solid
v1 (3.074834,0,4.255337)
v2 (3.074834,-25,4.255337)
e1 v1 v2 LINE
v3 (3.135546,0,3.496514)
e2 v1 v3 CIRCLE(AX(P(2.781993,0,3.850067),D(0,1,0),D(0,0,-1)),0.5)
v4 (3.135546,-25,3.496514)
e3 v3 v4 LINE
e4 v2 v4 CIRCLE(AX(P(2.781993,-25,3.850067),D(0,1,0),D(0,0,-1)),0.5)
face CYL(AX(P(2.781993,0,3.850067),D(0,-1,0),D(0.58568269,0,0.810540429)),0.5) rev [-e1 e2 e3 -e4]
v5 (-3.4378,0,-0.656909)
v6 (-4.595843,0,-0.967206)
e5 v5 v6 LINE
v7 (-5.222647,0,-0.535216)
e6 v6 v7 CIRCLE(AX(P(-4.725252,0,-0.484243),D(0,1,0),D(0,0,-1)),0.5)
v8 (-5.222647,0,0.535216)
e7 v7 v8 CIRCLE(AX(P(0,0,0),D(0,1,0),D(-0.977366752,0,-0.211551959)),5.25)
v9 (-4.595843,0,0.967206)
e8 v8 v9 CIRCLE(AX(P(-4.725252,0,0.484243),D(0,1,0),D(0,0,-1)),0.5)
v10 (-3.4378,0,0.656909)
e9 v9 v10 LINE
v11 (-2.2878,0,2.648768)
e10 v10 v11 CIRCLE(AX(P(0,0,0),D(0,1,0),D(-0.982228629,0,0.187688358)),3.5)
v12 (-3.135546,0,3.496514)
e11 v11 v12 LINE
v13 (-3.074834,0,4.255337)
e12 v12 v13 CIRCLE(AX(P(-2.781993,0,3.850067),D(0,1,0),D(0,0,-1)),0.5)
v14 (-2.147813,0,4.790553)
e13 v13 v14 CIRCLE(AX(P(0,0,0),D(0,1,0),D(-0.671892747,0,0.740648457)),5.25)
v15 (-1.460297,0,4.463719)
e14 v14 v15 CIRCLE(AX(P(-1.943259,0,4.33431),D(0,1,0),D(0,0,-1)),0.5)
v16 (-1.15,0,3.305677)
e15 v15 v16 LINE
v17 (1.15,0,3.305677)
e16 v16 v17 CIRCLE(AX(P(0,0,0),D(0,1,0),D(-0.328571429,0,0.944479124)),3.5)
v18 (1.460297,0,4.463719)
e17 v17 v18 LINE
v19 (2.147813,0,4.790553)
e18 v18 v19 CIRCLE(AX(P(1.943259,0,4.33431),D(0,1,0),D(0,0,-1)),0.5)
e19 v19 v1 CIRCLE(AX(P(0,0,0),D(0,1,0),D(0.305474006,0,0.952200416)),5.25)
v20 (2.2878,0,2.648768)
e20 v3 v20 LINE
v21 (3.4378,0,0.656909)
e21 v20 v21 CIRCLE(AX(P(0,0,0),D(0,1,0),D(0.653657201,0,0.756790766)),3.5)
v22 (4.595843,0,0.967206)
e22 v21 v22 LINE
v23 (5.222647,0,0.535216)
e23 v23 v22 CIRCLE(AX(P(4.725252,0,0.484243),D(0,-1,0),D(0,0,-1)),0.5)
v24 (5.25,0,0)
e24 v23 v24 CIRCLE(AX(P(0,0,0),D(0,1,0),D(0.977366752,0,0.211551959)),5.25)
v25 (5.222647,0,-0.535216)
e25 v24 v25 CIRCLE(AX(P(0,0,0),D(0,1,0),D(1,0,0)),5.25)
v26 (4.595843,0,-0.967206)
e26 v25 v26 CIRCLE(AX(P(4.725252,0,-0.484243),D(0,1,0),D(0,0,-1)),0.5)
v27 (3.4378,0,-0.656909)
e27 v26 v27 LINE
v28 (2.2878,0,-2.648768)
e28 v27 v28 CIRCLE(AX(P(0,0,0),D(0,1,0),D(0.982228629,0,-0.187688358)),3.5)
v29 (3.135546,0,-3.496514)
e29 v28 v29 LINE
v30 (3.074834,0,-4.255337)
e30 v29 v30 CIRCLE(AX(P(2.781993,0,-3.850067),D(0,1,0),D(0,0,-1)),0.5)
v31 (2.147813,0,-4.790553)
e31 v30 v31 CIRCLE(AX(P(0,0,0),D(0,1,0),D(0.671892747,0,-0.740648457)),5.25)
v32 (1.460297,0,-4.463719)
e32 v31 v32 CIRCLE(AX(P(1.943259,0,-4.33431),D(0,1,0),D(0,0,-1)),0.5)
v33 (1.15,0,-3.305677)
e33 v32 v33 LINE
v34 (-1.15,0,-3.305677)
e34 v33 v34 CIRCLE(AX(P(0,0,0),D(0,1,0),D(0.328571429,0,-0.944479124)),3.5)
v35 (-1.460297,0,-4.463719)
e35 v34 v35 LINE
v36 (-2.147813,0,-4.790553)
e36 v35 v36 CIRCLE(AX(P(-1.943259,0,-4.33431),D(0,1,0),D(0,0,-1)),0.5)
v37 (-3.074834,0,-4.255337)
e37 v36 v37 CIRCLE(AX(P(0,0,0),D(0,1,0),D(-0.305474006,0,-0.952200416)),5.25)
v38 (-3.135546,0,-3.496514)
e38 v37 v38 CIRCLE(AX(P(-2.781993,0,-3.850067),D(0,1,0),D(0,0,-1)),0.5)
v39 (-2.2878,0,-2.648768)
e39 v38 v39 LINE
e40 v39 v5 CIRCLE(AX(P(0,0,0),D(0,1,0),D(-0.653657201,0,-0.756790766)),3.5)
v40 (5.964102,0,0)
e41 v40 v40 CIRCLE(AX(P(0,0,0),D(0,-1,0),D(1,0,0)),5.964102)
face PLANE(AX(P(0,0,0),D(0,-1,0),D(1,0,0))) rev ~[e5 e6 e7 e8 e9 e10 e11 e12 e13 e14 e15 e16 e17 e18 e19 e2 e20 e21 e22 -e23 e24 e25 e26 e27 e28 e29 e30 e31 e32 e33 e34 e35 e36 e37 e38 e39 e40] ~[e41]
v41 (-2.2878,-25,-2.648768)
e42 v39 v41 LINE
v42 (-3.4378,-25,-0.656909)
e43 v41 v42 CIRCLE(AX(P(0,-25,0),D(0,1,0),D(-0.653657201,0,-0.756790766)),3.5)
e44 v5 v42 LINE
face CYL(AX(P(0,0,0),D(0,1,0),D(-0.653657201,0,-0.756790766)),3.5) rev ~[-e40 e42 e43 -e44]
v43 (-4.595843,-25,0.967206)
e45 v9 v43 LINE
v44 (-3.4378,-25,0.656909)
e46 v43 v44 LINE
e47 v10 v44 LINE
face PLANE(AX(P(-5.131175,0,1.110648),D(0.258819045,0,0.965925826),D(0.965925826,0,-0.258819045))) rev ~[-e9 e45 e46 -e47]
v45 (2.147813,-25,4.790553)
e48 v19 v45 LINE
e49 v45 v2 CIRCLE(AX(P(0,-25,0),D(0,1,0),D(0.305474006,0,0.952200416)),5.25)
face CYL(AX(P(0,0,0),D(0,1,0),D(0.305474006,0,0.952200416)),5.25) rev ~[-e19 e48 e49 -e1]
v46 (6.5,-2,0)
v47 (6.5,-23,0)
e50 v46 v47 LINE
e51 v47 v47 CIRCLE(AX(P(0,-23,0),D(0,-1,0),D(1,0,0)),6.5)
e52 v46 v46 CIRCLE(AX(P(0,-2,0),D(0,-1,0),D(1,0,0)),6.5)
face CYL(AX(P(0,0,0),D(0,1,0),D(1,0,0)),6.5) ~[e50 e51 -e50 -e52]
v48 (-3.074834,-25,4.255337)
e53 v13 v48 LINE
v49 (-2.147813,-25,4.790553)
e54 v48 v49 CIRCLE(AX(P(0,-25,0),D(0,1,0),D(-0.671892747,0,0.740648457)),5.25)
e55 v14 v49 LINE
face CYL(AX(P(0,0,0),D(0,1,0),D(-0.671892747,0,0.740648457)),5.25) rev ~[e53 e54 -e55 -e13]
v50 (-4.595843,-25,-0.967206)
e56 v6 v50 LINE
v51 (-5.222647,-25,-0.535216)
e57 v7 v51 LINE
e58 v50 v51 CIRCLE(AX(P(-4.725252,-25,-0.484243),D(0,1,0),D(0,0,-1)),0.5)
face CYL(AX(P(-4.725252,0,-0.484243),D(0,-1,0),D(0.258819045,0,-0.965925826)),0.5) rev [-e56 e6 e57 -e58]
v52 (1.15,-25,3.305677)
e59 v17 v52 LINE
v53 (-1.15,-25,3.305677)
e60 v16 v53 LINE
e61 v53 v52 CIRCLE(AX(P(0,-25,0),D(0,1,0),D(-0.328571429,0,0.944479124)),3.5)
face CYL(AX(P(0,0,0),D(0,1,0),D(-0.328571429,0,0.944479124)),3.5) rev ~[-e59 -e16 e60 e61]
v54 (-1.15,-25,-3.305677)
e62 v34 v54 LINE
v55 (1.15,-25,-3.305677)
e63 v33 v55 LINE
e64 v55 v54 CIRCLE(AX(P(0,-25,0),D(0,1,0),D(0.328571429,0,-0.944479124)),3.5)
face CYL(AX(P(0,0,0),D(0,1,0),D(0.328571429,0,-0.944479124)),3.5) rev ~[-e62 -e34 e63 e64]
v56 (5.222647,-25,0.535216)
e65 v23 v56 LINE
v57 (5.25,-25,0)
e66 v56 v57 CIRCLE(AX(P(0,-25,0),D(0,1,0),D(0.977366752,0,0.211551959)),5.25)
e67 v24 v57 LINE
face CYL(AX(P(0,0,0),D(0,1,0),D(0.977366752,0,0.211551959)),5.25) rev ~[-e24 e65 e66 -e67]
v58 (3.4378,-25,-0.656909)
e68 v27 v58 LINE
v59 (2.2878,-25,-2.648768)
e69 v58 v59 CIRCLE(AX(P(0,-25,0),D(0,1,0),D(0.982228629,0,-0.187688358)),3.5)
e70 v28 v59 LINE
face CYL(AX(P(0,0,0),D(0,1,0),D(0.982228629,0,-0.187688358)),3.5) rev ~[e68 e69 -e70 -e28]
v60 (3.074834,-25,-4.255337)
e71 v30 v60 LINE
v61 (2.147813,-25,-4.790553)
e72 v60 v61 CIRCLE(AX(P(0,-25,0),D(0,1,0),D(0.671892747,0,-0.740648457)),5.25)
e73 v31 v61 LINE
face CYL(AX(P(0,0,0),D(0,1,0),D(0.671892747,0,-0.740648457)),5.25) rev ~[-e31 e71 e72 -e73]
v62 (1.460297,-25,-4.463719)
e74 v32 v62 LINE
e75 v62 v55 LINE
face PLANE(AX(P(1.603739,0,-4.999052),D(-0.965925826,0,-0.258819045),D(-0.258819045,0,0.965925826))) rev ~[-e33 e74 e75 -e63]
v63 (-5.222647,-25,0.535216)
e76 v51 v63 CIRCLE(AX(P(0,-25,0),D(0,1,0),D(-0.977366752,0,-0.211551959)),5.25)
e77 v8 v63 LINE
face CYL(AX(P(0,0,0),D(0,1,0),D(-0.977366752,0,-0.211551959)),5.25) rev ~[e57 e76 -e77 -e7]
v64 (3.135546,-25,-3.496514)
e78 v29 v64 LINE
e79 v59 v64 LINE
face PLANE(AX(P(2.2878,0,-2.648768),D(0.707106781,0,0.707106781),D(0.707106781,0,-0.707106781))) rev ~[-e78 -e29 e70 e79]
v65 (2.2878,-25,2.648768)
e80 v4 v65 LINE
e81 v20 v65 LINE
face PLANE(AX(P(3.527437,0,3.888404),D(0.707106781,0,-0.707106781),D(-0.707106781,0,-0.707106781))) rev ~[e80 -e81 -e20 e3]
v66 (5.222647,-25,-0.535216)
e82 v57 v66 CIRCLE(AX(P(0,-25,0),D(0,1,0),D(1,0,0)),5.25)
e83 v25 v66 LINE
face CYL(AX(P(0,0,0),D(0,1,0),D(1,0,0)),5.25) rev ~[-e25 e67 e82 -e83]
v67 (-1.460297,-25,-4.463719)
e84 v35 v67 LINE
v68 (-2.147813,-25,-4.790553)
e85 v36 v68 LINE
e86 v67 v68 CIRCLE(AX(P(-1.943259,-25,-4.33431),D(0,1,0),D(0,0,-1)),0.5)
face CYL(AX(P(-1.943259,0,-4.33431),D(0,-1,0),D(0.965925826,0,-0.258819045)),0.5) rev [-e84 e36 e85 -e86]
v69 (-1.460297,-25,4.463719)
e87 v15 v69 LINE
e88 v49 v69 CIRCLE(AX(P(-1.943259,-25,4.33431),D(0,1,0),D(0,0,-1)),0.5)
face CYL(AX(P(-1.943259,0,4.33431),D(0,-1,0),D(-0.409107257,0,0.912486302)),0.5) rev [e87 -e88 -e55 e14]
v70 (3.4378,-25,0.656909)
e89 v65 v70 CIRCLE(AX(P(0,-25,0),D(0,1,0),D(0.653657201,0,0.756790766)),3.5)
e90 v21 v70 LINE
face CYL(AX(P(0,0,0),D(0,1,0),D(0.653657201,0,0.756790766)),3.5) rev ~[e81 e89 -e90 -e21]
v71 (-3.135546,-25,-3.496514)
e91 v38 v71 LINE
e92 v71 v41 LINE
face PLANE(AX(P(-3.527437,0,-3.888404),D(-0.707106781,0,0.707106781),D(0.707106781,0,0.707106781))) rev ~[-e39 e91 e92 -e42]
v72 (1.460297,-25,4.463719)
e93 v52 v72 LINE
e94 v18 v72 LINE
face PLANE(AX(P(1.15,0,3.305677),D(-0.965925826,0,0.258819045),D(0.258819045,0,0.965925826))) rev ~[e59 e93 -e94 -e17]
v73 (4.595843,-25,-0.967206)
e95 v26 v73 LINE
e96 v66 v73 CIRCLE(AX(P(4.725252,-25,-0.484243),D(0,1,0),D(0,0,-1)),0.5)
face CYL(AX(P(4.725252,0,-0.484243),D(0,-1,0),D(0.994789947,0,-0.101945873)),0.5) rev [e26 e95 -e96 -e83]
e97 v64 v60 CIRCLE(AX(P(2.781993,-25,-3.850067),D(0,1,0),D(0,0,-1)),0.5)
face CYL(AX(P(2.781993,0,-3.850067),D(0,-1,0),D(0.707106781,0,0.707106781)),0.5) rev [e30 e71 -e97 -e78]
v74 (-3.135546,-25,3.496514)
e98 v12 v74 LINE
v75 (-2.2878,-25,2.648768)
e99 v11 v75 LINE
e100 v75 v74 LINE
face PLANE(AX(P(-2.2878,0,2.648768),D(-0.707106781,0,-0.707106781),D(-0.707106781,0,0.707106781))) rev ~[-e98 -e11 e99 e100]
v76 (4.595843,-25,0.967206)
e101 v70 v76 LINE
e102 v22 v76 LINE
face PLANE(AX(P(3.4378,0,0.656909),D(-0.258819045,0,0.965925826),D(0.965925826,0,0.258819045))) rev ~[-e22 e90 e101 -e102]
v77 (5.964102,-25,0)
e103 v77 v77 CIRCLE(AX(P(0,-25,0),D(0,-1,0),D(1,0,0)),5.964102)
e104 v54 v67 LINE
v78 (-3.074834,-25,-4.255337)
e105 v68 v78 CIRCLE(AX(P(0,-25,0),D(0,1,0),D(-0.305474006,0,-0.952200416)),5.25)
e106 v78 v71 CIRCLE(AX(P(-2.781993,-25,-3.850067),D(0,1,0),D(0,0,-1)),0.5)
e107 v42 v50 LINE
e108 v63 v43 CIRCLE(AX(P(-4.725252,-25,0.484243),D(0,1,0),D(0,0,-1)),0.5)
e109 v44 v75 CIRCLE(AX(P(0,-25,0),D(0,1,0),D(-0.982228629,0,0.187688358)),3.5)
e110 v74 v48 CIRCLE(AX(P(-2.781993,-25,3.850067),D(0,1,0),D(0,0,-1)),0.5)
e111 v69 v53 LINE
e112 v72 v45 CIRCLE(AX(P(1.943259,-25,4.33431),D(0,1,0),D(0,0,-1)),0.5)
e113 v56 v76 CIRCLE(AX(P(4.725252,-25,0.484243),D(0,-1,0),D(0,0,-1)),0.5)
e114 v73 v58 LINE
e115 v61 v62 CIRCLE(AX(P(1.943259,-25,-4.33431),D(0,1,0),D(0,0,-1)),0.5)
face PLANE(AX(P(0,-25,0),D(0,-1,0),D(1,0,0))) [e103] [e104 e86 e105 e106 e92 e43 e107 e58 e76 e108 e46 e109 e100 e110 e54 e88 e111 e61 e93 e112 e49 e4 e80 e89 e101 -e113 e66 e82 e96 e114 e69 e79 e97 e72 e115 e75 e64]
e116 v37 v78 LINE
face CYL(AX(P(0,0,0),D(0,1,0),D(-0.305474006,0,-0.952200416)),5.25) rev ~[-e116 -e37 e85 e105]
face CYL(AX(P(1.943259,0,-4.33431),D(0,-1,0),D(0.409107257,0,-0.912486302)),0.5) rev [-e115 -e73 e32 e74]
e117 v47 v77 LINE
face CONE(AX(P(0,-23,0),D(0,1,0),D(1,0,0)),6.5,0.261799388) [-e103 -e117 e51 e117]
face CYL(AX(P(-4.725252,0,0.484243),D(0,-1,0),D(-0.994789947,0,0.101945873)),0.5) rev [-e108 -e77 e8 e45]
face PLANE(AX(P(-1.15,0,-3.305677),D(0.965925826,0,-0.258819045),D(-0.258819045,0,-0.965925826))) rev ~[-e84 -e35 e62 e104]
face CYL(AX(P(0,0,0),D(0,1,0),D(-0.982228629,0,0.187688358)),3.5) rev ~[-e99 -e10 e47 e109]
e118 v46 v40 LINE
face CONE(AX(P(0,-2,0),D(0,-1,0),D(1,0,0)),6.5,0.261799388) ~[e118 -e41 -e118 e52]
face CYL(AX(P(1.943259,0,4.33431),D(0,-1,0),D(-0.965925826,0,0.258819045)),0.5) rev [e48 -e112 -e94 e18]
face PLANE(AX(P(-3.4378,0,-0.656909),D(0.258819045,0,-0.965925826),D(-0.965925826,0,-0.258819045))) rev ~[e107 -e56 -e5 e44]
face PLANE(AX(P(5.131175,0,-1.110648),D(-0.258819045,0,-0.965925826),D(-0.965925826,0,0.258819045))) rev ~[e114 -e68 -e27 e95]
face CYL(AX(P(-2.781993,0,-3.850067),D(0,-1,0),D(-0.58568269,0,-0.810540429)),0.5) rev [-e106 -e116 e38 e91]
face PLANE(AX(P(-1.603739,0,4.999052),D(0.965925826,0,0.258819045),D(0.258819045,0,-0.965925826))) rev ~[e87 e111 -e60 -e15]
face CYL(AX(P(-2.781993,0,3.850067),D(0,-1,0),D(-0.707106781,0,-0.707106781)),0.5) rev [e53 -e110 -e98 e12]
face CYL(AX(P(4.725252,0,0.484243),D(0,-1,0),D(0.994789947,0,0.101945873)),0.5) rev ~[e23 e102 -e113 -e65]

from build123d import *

# Parameters (mm, degrees)
F0_R     = 6.5
F1_DEPTH = 25
F2_R     = 0.5
F3_SIZE2 = 0.5358983849
F3_SIZE  = 2


with BuildPart() as f1:
    # F0 (on Front) → F1 (new body)
    with BuildSketch(Plane.XZ):
        Circle(F0_R)
        with BuildLine():
            ThreePointArc((5.1311754503, 1.1106477833), (5.2202093403, 0.5584930108), (5.25, 0))
            ThreePointArc((5.25, 0), (5.2202093403, -0.5584930108), (5.1311754503, -1.1106477833))
            ThreePointArc((5.1311754503, -1.1106477833), (4.5466333699, -2.625), (3.5274369202, -3.8884043995))
            ThreePointArc((3.5274369202, -3.8884043995), (2.625, -4.5466333699), (1.6037385301, -4.9990521829))
            ThreePointArc((1.6037385301, -4.9990521829), (0, -5.25), (-1.6037385301, -4.9990521829))
            ThreePointArc((-1.6037385301, -4.9990521829), (-2.625, -4.5466333699), (-3.5274369202, -3.8884043995))
            ThreePointArc((-3.5274369202, -3.8884043995), (-4.5466333699, -2.625), (-5.1311754503, -1.1106477833))
            ThreePointArc((-5.1311754503, -1.1106477833), (-5.25, 0), (-5.1311754503, 1.1106477833))
            ThreePointArc((-5.1311754503, 1.1106477833), (-4.5466333699, 2.625), (-3.5274369202, 3.8884043995))
            ThreePointArc((-3.5274369202, 3.8884043995), (-2.625, 4.5466333699), (-1.6037385301, 4.9990521829))
            ThreePointArc((-1.6037385301, 4.9990521829), (0, 5.25), (1.6037385301, 4.9990521829))
            ThreePointArc((1.6037385301, 4.9990521829), (2.625, 4.5466333699), (3.5274369202, 3.8884043995))
            ThreePointArc((3.5274369202, 3.8884043995), (4.5466333699, 2.625), (5.1311754503, 1.1106477833))
        make_face(mode=Mode.SUBTRACT)
        with BuildLine():
            Line((1.15, 3.3056769352), (1.6037385301, 4.9990521829))
            ThreePointArc((1.6037385301, 4.9990521829), (0, 5.25), (-1.6037385301, 4.9990521829))
            Line((-1.6037385301, 4.9990521829), (-1.15, 3.3056769352))
            ThreePointArc((-1.15, 3.3056769352), (0, 3.5), (1.15, 3.3056769352))
        make_face()
        with BuildLine():
            Line((3.4378002026, 0.6569092533), (5.1311754503, 1.1106477833))
            ThreePointArc((5.1311754503, 1.1106477833), (4.5466333699, 2.625), (3.5274369202, 3.8884043995))
            Line((3.5274369202, 3.8884043995), (2.2878002026, 2.648767682))
            ThreePointArc((2.2878002026, 2.648767682), (3.0310889132, 1.75), (3.4378002026, 0.6569092533))
        make_face()
        with BuildLine():
            ThreePointArc((3.5274369202, -3.8884043995), (4.5466333699, -2.625), (5.1311754503, -1.1106477833))
            Line((5.1311754503, -1.1106477833), (3.4378002026, -0.6569092533))
            ThreePointArc((3.4378002026, -0.6569092533), (3.0310889132, -1.75), (2.2878002026, -2.648767682))
            Line((2.2878002026, -2.648767682), (3.5274369202, -3.8884043995))
        make_face()
        with BuildLine():
            ThreePointArc((-1.6037385301, -4.9990521829), (0, -5.25), (1.6037385301, -4.9990521829))
            Line((1.6037385301, -4.9990521829), (1.15, -3.3056769352))
            ThreePointArc((1.15, -3.3056769352), (0, -3.5), (-1.15, -3.3056769352))
            Line((-1.15, -3.3056769352), (-1.6037385301, -4.9990521829))
        make_face()
        with BuildLine():
            ThreePointArc((-5.1311754503, -1.1106477833), (-4.5466333699, -2.625), (-3.5274369202, -3.8884043995))
            Line((-3.5274369202, -3.8884043995), (-2.2878002026, -2.648767682))
            ThreePointArc((-2.2878002026, -2.648767682), (-3.0310889132, -1.75), (-3.4378002026, -0.6569092533))
            Line((-3.4378002026, -0.6569092533), (-5.1311754503, -1.1106477833))
        make_face()
        with BuildLine():
            Line((-2.2878002026, 2.648767682), (-3.5274369202, 3.8884043995))
            ThreePointArc((-3.5274369202, 3.8884043995), (-4.5466333699, 2.625), (-5.1311754503, 1.1106477833))
            Line((-5.1311754503, 1.1106477833), (-3.4378002026, 0.6569092533))
            ThreePointArc((-3.4378002026, 0.6569092533), (-3.0310889132, 1.75), (-2.2878002026, 2.648767682))
        make_face()
    extrude(amount=F1_DEPTH)

    # F2
    f2_edges = [f1.edges().sort_by_distance(p)[0] for p in [
        (-3.527437, -12.5, 3.888404),
        (-1.603739, -12.5, 4.999052),
        (1.603739, -12.5, 4.999052),
        (3.527437, -12.5, 3.888404),
        (5.131175, -12.5, 1.110648),
        (5.131175, -12.5, -1.110648),
        (3.527437, -12.5, -3.888404),
        (1.603739, -12.5, -4.999052),
        (-1.603739, -12.5, -4.999052),
        (-3.527437, -12.5, -3.888404),
        (-5.131175, -12.5, -1.110648),
        (-5.131175, -12.5, 1.110648),
    ]]
    fillet(f2_edges, radius=F2_R)

    # F3
    f3_edges = [f1.edges().sort_by_distance(p)[0] for p in [
        (6.5, -12.5, 0),
        (-6.5, 0, 0),
        (-6.5, -25, 0),
    ]]
    f3_side = f1.faces().sort_by_distance((-6.5, -12.5, 0))[0]
    chamfer(f3_edges, length=F3_SIZE, length2=F3_SIZE2, reference=f3_side)


solid = f1.part
